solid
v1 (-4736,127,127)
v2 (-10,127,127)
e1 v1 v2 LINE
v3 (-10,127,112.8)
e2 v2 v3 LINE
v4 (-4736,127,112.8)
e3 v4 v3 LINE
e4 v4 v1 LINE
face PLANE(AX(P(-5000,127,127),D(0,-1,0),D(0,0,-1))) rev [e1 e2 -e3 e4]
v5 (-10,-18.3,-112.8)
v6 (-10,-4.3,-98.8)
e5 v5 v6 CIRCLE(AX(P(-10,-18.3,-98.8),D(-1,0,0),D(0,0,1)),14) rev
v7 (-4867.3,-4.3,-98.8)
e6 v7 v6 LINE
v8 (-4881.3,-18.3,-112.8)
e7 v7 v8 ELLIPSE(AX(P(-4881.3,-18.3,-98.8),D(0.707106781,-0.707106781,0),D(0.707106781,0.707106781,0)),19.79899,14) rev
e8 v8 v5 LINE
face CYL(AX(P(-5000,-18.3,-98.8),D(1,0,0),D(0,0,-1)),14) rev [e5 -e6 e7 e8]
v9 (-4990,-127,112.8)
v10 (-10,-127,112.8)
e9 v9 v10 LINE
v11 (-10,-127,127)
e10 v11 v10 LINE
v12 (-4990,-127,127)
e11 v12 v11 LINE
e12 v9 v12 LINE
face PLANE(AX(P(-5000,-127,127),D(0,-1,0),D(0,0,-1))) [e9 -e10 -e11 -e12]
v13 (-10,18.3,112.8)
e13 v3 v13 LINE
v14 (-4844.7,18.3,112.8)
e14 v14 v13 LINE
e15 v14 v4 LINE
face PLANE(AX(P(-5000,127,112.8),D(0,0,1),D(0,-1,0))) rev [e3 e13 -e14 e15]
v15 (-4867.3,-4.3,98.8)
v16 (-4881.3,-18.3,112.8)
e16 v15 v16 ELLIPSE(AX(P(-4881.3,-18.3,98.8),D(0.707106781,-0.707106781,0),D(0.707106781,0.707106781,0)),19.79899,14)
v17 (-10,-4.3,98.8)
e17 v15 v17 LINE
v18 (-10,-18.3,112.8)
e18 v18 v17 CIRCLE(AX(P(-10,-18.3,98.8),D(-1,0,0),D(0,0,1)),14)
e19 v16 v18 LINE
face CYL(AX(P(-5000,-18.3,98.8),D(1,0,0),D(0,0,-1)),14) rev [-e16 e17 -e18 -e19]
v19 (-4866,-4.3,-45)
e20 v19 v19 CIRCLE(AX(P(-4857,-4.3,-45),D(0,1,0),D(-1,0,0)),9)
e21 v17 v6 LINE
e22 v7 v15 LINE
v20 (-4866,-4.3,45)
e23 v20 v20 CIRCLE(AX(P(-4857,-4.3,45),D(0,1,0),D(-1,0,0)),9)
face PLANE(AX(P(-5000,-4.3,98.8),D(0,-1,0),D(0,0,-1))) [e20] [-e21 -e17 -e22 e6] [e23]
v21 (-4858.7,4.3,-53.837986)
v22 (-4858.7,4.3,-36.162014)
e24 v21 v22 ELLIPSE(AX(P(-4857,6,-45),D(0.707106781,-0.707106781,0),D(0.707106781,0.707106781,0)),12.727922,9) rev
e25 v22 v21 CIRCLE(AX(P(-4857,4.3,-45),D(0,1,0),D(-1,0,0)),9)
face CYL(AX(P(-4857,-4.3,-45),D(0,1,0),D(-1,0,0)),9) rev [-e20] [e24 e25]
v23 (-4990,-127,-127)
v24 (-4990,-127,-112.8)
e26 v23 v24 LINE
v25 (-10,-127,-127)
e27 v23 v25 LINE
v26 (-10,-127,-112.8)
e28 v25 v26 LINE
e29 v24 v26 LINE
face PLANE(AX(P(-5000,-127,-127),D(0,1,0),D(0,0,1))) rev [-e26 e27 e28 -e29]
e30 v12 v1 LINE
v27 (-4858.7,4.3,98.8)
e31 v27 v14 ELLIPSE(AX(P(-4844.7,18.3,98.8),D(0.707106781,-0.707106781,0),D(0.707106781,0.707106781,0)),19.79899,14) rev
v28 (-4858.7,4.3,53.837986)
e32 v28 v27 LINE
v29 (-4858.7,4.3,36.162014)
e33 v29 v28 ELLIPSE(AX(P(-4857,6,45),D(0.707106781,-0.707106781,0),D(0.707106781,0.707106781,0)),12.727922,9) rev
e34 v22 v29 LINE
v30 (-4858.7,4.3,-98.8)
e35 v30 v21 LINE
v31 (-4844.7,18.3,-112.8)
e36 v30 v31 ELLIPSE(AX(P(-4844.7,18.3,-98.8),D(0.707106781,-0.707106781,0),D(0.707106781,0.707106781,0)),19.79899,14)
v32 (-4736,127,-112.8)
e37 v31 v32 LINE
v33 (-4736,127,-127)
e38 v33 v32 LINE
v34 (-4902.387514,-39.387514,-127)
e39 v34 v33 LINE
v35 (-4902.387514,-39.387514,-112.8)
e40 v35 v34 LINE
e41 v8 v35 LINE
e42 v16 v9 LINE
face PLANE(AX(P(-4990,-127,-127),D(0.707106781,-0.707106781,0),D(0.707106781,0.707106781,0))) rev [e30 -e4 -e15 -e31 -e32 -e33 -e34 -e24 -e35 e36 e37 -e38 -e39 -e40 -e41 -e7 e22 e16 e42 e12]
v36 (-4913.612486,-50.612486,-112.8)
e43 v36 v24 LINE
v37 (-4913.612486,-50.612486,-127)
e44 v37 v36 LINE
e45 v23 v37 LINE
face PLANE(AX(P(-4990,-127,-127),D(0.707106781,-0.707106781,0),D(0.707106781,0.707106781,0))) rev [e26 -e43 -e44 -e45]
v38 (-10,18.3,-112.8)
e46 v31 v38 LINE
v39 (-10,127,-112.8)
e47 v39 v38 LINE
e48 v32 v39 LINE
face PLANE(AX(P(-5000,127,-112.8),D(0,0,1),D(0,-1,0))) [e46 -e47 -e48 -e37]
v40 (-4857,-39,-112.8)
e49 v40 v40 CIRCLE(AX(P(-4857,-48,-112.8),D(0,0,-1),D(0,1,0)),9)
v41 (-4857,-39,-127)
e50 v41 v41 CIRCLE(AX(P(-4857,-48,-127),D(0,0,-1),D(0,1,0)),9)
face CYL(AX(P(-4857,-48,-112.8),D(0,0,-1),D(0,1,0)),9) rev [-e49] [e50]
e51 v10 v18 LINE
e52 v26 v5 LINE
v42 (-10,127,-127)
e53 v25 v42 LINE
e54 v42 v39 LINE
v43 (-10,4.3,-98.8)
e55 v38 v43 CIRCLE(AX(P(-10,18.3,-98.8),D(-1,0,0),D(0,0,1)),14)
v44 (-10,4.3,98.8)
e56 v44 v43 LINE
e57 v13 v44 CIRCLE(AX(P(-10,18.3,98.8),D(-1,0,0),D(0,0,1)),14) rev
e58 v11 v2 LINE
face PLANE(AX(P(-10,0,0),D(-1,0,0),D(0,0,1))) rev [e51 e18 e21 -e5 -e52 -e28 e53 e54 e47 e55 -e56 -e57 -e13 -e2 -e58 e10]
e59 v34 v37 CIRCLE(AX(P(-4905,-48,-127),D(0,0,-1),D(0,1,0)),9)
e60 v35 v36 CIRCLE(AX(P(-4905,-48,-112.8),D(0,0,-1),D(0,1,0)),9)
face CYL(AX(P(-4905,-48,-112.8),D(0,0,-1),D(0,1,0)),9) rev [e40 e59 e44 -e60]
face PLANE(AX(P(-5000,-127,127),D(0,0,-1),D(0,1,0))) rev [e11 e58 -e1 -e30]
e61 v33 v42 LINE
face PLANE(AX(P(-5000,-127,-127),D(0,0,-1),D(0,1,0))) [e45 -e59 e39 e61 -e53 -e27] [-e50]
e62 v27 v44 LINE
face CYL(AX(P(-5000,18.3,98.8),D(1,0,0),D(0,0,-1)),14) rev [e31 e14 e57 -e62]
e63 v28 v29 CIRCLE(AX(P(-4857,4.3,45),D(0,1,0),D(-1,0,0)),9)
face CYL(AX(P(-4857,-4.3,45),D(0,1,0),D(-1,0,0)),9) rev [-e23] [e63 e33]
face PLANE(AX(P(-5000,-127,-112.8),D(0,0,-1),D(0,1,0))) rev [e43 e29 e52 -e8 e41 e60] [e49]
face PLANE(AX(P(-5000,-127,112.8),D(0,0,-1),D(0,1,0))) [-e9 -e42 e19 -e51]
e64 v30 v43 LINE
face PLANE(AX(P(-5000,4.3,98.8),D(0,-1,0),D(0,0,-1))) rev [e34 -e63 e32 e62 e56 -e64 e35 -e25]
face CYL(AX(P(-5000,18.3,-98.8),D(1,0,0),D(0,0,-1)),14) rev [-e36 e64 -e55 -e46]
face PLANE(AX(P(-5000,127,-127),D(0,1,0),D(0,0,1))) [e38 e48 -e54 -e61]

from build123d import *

# Parameters (mm, degrees)
UNIVERSAL_COLUMN_ICS_250UC72_9_1_DEPTH = 5000
SKETCH3_R                              = 9
CUT_EXTRUDE2_DEPTH                     = 14.2
SKETCH20_R                             = 9
CUT_EXTRUDE19_DEPTH                    = 4.3
SKETCH21_W                             = 254
SKETCH21_H                             = 254
CUT_EXTRUDE20_DEPTH                    = 10
SKETCH22_W                             = 282
SKETCH22_H                             = 282
CUT_EXTRUDE21_DEPTH                    = 10
CUT_EXTRUDE22_DEPTH                    = 4999.074129102


with BuildPart() as part:
    # Sketch1 → Universal Column_ics 250UC72.9(1) (new body)
    with BuildSketch(Plane(origin=(0, 0, 0), x_dir=(0, 1, 0), z_dir=(-1, 0, 0))):
        with BuildLine():
            Line((-127, -127), (127, -127))
            Line((127, -127), (127, -112.8))
            Line((127, -112.8), (18.3, -112.8))
            ThreePointArc((18.3, -112.8), (8.400505063, -108.699494937), (4.3, -98.8))
            Line((4.3, -98.8), (4.3, 98.8))
            ThreePointArc((4.3, 98.8), (8.400505063, 108.699494937), (18.3, 112.8))
            Line((18.3, 112.8), (127, 112.8))
            Line((127, 112.8), (127, 127))
            Line((127, 127), (-127, 127))
            Line((-127, 127), (-127, 112.8))
            Line((-127, 112.8), (-18.3, 112.8))
            ThreePointArc((-18.3, 112.8), (-8.400505063, 108.699494937), (-4.3, 98.8))
            Line((-4.3, 98.8), (-4.3, -98.8))
            ThreePointArc((-4.3, -98.8), (-8.400505063, -108.699494937), (-18.3, -112.8))
            Line((-18.3, -112.8), (-127, -112.8))
            Line((-127, -112.8), (-127, -127))
        make_face()
    extrude(amount=UNIVERSAL_COLUMN_ICS_250UC72_9_1_DEPTH)

    # Sketch3 → Cut-Extrude2 (cut)
    with BuildSketch(Plane(origin=(-4890.5, 0, -127), x_dir=(0, -1, 0), z_dir=(0, 0, -1))):
        with Locations(Location((48, -33.5, 0), (0, 0, 180))):
            Circle(SKETCH3_R)
        with Locations(Location((48, 14.5, 0), (0, 0, 180))):
            Circle(SKETCH3_R)
        with Locations(Location((-48, -33.5, 0), (0, 0, 180))):
            Circle(SKETCH3_R)
        with Locations(Location((-48, 14.5, 0), (0, 0, 180))):
            Circle(SKETCH3_R)
    extrude(amount=-CUT_EXTRUDE2_DEPTH, mode=Mode.SUBTRACT)

    # Sketch20 → Cut-Extrude19 (cut, symmetric)
    with BuildSketch(Plane(origin=(-4890.5, 0, 0), x_dir=(0, 0, -1), z_dir=(0, 1, 0))):
        with Locations(Location((45, -33.5, 0), (0, 0, 90))):
            Circle(SKETCH20_R)
        with Locations(Location((-45, -33.5, 0), (0, 0, 90))):
            Circle(SKETCH20_R)
        with Locations(Location((45, 14.5, 0), (0, 0, 90))):
            Circle(SKETCH20_R)
        with Locations(Location((-45, 14.5, 0), (0, 0, 90))):
            Circle(SKETCH20_R)
    extrude(amount=CUT_EXTRUDE19_DEPTH, both=True, mode=Mode.SUBTRACT)

    # Sketch21 → Cut-Extrude20 (cut)
    with BuildSketch(Plane(origin=(-5000, 0, 0), x_dir=(0, 1, 0), z_dir=(-1, 0, 0))):
        Rectangle(SKETCH21_W, SKETCH21_H)
    extrude(amount=-CUT_EXTRUDE20_DEPTH, mode=Mode.SUBTRACT)

    # Sketch22 → Cut-Extrude21 (cut)
    with BuildSketch(Plane(origin=(0, 0, 0), x_dir=(0, 1, 0), z_dir=(-1, 0, 0))):
        Rectangle(SKETCH22_W, SKETCH22_H)
    extrude(amount=CUT_EXTRUDE21_DEPTH, mode=Mode.SUBTRACT)

    # Sketch23 → Cut-Extrude22 (cut, through all)
    with BuildSketch(Plane.XY.offset(127)):
        Polygon((-4990, -127), (-4736, 127), (-4990, 127), align=None)
    extrude(amount=-CUT_EXTRUDE22_DEPTH, mode=Mode.SUBTRACT)


solid = part.part
